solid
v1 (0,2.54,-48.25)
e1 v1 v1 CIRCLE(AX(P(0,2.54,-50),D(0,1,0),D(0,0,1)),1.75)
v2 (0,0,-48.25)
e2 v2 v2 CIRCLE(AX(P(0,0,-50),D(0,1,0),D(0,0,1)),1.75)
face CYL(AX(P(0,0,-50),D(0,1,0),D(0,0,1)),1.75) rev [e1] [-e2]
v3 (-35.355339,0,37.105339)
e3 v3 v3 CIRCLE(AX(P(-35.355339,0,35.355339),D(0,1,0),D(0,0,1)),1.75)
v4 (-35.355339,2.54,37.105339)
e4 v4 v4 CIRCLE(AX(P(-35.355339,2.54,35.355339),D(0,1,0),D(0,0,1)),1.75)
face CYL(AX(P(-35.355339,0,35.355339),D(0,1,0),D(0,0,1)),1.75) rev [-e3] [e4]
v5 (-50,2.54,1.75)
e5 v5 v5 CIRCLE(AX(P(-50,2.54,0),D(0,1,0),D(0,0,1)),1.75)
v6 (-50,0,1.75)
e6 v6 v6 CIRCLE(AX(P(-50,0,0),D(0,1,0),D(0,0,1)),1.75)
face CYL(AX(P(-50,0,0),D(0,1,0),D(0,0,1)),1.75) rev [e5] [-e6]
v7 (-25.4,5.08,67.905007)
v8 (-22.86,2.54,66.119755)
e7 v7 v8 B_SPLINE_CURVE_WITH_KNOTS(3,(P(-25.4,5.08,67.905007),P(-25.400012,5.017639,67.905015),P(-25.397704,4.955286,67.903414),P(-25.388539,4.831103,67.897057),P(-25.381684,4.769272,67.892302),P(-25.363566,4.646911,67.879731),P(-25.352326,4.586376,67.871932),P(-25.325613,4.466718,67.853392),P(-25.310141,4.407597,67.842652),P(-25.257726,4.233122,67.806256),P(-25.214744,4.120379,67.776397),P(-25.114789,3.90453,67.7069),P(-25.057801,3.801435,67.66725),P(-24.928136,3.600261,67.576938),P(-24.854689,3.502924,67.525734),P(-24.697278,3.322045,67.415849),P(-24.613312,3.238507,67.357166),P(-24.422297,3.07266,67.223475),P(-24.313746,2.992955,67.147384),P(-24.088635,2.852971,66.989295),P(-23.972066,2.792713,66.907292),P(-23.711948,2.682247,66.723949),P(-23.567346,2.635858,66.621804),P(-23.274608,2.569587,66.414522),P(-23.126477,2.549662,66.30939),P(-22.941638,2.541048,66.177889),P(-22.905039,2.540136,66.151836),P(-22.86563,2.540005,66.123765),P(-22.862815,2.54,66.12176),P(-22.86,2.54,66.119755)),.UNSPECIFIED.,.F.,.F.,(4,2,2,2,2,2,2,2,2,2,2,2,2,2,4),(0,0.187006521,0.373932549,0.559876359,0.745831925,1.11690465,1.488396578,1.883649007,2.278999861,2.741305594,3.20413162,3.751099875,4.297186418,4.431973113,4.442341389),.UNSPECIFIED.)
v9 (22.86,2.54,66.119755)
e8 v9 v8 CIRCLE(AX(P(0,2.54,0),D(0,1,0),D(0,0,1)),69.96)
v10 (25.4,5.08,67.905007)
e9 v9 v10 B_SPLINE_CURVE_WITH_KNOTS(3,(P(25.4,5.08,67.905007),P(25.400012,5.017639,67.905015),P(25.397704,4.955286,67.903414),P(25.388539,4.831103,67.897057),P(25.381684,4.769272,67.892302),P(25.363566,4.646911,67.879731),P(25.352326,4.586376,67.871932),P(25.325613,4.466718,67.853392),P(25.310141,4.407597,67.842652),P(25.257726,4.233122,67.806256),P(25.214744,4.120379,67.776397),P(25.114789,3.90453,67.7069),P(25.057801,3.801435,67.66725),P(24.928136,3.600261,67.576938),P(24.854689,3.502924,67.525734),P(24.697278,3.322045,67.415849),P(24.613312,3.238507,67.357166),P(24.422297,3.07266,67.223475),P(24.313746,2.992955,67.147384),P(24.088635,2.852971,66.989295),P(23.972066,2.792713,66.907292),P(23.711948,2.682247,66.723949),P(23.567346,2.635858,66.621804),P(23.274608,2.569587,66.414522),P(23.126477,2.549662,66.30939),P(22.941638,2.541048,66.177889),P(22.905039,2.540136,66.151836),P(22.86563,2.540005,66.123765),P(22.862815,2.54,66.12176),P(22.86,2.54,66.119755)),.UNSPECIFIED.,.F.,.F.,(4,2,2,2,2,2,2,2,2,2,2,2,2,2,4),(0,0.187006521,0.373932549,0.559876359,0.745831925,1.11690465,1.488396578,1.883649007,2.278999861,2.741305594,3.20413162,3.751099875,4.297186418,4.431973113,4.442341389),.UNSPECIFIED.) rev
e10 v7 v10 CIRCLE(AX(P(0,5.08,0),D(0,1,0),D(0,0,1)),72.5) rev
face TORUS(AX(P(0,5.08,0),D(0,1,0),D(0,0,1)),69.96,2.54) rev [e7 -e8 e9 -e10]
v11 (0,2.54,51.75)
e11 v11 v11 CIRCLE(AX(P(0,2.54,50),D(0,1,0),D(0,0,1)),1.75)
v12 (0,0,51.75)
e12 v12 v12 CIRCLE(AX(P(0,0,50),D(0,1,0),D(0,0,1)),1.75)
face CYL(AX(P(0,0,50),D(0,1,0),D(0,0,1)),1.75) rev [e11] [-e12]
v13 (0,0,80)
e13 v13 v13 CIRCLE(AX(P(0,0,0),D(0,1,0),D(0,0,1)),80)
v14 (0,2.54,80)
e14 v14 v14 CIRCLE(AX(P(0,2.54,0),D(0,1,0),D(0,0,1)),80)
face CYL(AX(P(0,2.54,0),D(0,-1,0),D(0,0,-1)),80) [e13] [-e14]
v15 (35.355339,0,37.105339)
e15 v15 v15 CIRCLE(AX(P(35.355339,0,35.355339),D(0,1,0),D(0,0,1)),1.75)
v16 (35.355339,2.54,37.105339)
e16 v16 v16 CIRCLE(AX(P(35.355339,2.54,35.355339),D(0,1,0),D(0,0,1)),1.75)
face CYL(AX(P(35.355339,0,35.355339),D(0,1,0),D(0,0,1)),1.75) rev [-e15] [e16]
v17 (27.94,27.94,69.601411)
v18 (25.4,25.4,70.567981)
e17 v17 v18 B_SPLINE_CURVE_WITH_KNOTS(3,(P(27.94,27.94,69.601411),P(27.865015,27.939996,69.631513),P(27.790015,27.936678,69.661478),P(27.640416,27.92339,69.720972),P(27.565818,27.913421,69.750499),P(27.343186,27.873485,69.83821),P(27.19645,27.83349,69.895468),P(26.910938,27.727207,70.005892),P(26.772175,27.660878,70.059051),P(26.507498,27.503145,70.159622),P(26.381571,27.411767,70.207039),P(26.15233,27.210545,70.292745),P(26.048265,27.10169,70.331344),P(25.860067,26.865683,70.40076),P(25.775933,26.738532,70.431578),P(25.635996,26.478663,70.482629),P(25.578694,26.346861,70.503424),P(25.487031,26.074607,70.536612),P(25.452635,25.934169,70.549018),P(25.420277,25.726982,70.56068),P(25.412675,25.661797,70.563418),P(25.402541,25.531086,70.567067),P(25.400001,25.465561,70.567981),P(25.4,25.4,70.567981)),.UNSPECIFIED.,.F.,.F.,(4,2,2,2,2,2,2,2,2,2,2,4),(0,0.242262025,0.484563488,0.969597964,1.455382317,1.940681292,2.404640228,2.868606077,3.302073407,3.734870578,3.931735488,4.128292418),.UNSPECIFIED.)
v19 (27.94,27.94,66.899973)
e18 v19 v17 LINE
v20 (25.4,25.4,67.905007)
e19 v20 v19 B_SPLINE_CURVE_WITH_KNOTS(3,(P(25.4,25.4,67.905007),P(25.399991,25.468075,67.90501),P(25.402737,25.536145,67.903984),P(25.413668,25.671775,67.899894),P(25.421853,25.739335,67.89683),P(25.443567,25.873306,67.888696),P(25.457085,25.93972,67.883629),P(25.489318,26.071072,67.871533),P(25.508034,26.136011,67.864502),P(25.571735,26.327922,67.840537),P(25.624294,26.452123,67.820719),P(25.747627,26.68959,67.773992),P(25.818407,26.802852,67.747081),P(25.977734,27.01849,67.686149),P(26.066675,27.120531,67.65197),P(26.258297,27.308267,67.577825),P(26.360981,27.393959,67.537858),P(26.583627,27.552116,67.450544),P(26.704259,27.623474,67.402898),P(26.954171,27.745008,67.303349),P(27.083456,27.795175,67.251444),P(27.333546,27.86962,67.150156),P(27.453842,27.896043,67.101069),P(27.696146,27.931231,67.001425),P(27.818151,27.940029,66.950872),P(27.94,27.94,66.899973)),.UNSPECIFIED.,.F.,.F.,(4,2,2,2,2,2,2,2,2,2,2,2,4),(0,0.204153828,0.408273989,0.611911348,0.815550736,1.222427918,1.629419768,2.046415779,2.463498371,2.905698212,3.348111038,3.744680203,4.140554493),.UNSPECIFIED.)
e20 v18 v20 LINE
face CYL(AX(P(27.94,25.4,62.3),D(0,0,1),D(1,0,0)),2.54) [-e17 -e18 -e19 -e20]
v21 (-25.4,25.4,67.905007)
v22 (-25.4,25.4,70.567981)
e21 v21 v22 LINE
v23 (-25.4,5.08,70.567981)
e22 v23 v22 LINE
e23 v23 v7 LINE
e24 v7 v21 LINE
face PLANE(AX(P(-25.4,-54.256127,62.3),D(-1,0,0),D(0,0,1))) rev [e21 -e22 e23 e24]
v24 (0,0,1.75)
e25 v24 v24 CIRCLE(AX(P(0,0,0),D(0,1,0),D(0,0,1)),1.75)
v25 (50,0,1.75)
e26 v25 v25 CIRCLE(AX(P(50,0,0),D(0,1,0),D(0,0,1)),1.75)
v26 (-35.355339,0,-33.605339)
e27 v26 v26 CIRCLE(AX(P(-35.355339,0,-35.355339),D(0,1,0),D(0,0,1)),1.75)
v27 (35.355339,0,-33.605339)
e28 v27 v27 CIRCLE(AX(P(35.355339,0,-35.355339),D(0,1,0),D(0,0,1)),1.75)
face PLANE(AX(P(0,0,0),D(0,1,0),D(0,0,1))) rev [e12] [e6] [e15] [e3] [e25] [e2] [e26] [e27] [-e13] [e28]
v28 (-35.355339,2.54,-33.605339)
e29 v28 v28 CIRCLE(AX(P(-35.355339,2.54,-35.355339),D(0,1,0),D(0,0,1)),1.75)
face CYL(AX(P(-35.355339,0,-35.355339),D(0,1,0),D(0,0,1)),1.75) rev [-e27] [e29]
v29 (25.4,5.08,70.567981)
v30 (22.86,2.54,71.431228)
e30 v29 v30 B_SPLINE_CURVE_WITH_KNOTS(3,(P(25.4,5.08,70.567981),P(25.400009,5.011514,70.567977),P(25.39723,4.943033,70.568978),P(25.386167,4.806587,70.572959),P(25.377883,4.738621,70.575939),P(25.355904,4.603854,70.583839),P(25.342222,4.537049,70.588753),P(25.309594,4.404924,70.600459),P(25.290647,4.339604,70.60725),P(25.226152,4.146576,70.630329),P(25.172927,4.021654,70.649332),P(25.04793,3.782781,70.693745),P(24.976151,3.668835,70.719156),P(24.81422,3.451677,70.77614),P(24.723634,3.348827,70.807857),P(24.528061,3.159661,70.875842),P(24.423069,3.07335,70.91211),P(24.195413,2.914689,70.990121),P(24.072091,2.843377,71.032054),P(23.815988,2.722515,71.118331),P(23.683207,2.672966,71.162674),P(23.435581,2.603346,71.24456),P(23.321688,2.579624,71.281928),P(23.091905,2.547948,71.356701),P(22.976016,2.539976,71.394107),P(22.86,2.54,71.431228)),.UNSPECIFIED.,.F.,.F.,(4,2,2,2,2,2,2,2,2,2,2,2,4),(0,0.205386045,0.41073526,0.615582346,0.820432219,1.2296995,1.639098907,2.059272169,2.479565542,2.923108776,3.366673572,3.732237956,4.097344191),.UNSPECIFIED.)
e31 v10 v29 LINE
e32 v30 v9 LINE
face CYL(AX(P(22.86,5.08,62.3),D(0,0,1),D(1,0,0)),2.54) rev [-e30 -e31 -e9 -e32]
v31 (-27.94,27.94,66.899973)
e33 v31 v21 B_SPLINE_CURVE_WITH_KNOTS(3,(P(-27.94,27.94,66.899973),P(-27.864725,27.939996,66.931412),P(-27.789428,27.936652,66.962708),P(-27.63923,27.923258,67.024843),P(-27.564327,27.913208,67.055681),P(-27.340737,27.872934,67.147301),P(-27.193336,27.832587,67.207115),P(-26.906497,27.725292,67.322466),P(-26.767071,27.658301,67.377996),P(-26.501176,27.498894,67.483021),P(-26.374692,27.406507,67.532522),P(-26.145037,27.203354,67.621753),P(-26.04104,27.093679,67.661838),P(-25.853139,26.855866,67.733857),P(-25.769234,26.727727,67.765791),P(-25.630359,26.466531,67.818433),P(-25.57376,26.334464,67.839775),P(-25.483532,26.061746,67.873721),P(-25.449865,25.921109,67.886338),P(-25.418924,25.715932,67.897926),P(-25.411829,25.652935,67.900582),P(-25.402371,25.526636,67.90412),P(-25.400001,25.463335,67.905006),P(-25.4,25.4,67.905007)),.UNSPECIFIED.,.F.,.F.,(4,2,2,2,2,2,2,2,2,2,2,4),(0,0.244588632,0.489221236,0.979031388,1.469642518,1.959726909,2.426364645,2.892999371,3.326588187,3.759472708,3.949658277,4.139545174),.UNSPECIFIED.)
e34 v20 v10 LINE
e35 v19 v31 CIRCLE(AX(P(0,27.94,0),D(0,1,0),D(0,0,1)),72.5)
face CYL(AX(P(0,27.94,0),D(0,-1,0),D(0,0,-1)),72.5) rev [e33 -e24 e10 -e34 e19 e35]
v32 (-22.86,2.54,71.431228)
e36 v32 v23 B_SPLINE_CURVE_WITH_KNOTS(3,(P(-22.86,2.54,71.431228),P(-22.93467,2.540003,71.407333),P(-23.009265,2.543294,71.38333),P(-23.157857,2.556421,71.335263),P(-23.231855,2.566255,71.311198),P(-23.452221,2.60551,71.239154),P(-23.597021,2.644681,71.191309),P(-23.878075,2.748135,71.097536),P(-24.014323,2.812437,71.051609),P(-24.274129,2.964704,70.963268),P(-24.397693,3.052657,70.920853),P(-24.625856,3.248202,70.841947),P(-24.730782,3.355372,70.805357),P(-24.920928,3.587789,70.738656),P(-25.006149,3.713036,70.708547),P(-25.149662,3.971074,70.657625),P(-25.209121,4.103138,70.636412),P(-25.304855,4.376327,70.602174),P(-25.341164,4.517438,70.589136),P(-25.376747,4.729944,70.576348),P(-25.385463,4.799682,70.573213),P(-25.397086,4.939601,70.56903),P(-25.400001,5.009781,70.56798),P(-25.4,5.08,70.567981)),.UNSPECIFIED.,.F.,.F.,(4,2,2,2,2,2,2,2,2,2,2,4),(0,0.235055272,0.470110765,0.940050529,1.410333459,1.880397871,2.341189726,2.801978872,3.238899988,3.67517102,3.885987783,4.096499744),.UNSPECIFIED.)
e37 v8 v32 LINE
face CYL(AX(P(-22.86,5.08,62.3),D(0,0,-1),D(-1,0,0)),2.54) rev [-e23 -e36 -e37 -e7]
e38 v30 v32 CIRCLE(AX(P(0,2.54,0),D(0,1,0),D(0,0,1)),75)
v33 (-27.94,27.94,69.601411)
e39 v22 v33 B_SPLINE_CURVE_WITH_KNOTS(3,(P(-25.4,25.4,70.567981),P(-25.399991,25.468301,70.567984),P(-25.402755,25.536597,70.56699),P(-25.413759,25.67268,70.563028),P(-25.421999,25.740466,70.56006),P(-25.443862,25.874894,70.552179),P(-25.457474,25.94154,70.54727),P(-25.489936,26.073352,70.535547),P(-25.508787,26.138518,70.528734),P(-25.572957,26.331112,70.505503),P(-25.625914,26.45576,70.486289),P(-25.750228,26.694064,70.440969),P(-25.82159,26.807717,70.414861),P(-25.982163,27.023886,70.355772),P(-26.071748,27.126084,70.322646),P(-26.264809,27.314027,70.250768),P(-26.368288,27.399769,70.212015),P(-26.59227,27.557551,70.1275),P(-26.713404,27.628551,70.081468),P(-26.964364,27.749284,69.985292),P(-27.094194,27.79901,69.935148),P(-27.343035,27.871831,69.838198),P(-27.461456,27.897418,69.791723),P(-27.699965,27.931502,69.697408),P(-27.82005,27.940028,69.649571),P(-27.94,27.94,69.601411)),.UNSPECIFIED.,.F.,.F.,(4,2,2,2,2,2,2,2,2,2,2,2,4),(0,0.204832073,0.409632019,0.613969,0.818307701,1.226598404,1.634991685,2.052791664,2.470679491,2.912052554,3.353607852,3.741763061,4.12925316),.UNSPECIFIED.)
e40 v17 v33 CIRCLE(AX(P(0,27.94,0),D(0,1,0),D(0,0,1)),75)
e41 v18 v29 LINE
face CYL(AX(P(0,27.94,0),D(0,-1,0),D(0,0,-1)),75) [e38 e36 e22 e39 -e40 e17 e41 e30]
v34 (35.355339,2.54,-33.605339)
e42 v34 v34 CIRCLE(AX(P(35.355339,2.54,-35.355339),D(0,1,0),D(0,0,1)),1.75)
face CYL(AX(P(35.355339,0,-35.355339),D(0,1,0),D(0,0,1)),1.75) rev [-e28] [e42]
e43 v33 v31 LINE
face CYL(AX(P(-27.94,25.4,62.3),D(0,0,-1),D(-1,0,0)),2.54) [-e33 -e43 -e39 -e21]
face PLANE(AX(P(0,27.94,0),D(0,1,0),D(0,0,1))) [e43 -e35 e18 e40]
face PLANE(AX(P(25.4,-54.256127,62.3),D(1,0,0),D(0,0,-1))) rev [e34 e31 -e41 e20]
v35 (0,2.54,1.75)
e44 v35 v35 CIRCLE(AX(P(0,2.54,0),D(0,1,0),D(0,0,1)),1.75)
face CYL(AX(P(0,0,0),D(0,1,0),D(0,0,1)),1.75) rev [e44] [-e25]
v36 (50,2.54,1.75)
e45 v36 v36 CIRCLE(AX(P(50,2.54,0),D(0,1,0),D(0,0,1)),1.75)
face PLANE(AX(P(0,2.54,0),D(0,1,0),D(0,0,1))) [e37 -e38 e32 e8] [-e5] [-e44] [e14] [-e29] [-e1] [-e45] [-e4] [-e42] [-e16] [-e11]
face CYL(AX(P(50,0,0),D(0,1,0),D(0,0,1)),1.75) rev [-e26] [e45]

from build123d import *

# Parameters (mm, degrees)
SKETCH1_R           = 80
BOSS_EXTRUDE1_DEPTH = 2.54
SKETCH2_R           = 75
SKETCH2_R_2         = 72.5
BOSS_EXTRUDE2_DEPTH = 25.4
SKETCH3_R           = 1.75
CUT_EXTRUDE1_DEPTH  = 116.953266448
SKETCH4_W           = 50.8
SKETCH4_H           = 25.4
CUT_EXTRUDE2_DEPTH  = 25.4
FILLET1_R           = 2.54


with BuildPart() as part:
    # Sketch1 → Boss-Extrude1 (new body)
    with BuildSketch(Plane(origin=(0, 0, 0), x_dir=(1, 0, 0), z_dir=(0, 1, 0))):
        with Locations(Location((0, 0, 0), (0, 0, 270))):
            Circle(SKETCH1_R)
    extrude(amount=BOSS_EXTRUDE1_DEPTH)

    # Sketch2 → Boss-Extrude2 (add)
    with BuildSketch(Plane(origin=(0, 2.54, 0), x_dir=(1, 0, 0), z_dir=(0, 1, 0))):
        with Locations(Location((0, 0, 0), (0, 0, 270))):
            Circle(SKETCH2_R)
        with Locations(Location((0, 0, 0), (0, 0, 270))):
            Circle(SKETCH2_R_2, mode=Mode.SUBTRACT)
    extrude(amount=BOSS_EXTRUDE2_DEPTH)

    # Sketch3 → Cut-Extrude1 (cut, through all)
    with BuildSketch(Plane(origin=(0, 2.54, 0), x_dir=(1, 0, 0), z_dir=(0, 1, 0))):
        with Locations(Location((0, 50, 0), (0, 0, 270))):
            Circle(SKETCH3_R)
        with Locations(Location((50, 0, 0), (0, 0, 270))):
            Circle(SKETCH3_R)
        with Locations(Location((0, -50, 0), (0, 0, 270))):
            Circle(SKETCH3_R)
        with Locations(Location((-50, 0, 0), (0, 0, 270))):
            Circle(SKETCH3_R)
        with Locations(Location((35.355339059, 35.355339059, 0), (0, 0, 270))):
            Circle(SKETCH3_R)
        with Locations(Location((35.355339059, -35.355339059, 0), (0, 0, 270))):
            Circle(SKETCH3_R)
        with Locations(Location((-35.355339059, -35.355339059, 0), (0, 0, 270))):
            Circle(SKETCH3_R)
        with Locations(Location((-35.355339059, 35.355339059, 0), (0, 0, 270))):
            Circle(SKETCH3_R)
        with Locations(Location((0, 0, 0), (0, 0, 270))):
            Circle(SKETCH3_R)
    extrude(amount=-CUT_EXTRUDE1_DEPTH, mode=Mode.SUBTRACT)

    # Sketch4 → Cut-Extrude2 (cut)
    with BuildSketch(Plane(origin=(0, 27.94, 0), x_dir=(1, 0, 0), z_dir=(0, 1, 0))):
        with Locations((0, -75)):
            Rectangle(SKETCH4_W, SKETCH4_H)
    extrude(amount=-CUT_EXTRUDE2_DEPTH, mode=Mode.SUBTRACT)

    # Fillet1
    fillet1_edges = [part.edges().sort_by_distance(p)[0] for p in [
        (0, 2.54, -72.5),
        (-25.4, 27.94, 69.236494294),
        (25.4, 27.94, 69.236494294),
        (-25.4, 2.54, 69.236494294),
        (25.4, 2.54, 69.236494294),
    ]]
    fillet(fillet1_edges, radius=FILLET1_R)


solid = part.part
